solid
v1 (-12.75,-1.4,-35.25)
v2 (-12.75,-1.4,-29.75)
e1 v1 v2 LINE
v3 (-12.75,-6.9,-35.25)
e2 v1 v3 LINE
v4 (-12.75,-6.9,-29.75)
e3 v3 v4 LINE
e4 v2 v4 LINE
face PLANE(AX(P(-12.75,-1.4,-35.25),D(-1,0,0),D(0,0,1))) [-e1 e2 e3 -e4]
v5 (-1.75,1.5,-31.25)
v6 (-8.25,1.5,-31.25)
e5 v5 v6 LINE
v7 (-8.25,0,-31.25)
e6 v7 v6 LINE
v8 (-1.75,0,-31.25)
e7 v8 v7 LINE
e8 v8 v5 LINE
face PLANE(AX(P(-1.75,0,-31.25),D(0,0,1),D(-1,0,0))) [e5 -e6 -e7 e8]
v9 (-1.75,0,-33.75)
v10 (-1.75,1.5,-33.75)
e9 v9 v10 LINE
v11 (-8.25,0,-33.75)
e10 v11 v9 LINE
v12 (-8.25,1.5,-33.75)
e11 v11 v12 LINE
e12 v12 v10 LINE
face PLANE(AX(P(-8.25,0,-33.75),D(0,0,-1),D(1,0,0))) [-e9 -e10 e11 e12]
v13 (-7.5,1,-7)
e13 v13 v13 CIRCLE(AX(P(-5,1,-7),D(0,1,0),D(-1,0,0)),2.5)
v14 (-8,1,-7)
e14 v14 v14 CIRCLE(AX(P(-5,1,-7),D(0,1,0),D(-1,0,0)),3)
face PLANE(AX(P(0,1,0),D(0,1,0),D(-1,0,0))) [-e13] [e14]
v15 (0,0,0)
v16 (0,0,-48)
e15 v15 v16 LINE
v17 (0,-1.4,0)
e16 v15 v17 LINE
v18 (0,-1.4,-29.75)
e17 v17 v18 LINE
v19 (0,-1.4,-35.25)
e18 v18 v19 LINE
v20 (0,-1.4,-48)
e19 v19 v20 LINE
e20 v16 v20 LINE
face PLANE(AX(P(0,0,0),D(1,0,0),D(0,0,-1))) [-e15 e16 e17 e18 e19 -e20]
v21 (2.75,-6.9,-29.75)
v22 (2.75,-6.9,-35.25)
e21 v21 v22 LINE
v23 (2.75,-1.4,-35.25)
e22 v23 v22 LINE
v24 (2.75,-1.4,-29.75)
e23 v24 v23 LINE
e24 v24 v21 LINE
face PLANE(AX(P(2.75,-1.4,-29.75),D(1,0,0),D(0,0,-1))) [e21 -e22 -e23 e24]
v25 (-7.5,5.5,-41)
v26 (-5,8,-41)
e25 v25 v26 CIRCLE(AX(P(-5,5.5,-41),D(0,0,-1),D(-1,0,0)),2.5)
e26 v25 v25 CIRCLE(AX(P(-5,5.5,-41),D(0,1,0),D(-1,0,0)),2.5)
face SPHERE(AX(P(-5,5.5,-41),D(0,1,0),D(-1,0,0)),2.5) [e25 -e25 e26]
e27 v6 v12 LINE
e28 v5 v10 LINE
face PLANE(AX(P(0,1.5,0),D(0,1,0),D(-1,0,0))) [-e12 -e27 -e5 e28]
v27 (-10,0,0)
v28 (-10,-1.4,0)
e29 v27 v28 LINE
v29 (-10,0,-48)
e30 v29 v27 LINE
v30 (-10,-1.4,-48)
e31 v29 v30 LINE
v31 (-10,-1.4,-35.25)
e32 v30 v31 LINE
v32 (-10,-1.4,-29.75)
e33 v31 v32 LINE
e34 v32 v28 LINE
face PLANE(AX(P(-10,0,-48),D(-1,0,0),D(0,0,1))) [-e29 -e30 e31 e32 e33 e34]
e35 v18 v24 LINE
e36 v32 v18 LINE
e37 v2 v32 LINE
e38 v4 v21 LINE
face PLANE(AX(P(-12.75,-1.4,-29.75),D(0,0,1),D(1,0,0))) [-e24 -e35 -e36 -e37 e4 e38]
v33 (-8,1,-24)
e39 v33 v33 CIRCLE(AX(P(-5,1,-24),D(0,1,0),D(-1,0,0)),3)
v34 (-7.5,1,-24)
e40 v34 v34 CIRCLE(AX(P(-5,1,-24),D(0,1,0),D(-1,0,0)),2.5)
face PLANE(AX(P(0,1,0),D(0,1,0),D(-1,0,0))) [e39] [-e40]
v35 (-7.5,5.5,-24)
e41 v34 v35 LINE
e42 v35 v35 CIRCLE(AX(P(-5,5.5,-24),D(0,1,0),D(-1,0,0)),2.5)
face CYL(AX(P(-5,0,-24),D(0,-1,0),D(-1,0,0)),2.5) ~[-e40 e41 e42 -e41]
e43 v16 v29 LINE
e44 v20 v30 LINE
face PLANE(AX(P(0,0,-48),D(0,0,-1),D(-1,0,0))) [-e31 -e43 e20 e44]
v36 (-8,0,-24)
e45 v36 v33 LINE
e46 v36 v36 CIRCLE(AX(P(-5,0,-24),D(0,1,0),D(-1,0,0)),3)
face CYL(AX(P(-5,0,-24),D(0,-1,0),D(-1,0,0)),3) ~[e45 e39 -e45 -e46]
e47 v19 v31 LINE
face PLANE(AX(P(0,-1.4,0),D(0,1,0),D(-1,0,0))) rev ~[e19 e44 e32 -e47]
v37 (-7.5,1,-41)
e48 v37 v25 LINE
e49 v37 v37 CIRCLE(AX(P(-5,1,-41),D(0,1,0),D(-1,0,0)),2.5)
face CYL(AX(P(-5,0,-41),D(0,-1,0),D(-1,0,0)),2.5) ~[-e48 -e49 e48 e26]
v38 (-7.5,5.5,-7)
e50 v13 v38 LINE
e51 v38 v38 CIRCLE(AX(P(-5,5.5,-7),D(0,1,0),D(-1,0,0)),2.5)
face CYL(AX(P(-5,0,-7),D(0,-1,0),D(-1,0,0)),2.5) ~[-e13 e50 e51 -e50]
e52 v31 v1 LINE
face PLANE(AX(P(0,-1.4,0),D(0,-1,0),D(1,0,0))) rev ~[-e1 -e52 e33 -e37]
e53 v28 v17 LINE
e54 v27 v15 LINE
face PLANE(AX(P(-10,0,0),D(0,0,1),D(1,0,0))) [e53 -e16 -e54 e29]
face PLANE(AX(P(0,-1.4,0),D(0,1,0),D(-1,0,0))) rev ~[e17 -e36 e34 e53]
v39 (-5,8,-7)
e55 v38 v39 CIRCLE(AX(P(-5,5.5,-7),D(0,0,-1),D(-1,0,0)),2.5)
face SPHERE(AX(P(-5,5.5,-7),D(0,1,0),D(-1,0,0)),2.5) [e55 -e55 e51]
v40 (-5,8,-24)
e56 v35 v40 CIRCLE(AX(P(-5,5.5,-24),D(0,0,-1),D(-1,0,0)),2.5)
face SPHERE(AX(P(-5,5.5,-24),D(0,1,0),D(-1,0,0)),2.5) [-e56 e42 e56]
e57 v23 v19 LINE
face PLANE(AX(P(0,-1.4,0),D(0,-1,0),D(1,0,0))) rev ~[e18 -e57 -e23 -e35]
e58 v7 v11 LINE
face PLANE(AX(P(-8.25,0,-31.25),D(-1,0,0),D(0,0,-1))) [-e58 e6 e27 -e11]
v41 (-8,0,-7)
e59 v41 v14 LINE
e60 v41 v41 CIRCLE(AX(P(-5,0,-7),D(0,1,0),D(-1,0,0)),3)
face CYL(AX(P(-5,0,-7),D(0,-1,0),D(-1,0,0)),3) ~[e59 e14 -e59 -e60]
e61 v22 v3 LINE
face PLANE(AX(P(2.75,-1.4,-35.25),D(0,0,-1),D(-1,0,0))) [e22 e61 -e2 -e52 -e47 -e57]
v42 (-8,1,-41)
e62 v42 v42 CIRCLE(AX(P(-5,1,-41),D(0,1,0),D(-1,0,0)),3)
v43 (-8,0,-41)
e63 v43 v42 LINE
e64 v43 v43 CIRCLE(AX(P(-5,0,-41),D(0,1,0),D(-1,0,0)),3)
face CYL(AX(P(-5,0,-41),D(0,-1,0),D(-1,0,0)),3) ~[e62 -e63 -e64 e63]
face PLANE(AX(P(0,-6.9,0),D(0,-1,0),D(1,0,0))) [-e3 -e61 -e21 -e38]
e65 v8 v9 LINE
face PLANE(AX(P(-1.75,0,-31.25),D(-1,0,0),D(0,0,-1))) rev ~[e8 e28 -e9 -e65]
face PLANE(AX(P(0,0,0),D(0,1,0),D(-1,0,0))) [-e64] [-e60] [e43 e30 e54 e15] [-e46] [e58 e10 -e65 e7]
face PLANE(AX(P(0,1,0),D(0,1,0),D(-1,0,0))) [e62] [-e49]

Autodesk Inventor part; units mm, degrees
ref_plane "YZ Plane" through (0, 0, 0) normal (1, 0, 0) x (0, 1, 0)
ref_plane "XZ Plane" through (0, 0, 0) normal (0, 1, 0) x (-1, 0, 0)
ref_plane "XY Plane" through (0, 0, 0) normal (0, 0, 1) x (1, 0, 0)
sketch "Sketch1" plane through (0, 0, 0) normal (0, 1, 0) x (-1, 0, 0)
  line L0 (10, 0) -> (0, 0)
  line L1 (0, 0) -> (0, -48)
  line L2 (0, -48) -> (10, -48)
  line L3 (10, -48) -> (10, 0)
  circle A0 centre (5, -7) radius 2.5
  circle A1 centre (5, -24) radius 2.5
  circle A2 centre (5, -41) radius 2.5
  circle A3 centre (5, -7) radius 3
  circle A4 centre (5, -24) radius 3
  circle A5 centre (5, -41) radius 3
  line L4 (5, -16) -> (5, -46.75) construction
  line L5 (8.25, -33.75) -> (1.75, -33.75)
  line L6 (1.75, -31.25) -> (8.25, -31.25)
  line L7 (6.1849, -32.5) -> (1.6849, -32.5) construction
  line L8 (8.25, -31.25) -> (8.25, -33.75)
  line L9 (1.75, -31.25) -> (1.75, -33.75)
  dimension "d0" = 48
  dimension "d1" = 10
  dimension "d4" = 5
  dimension "d24" = 6
  dimension "d48" = 7
  dimension "d49" = 24
  dimension "d50" = 41
  dimension "d51" = 2.5
  dimension "d52" = 15.5
  dimension "d53" = 6.5
extrude "Extrusion1" add sketch "Sketch1" against normal blind 1.4 contours L3 L2 L1 L0 | A0 | A1 | A2 | A3 | A4 | A5 | L5 L9 L6 L8
extrude "Extrusion5" add sketch "Sketch1" along normal blind 8 contours A0
extrude "Extrusion6" add sketch "Sketch1" along normal blind 1 contours A3
fillet "Fillet4" radius 2.5 1 edges at (-2.5, 8, -7)
extrude "Extrusion7" add sketch "Sketch1" along normal blind 1 contours A4
extrude "Extrusion8" add sketch "Sketch1" along normal blind 8 contours A1
fillet "Fillet5" radius 2.5 1 edges at (-2.5, 8, -24)
extrude "Extrusion9" add sketch "Sketch1" along normal blind 8 contours A2
extrude "Extrusion10" add sketch "Sketch1" along normal blind 1 contours A5
fillet "Fillet6" radius 2.5 1 edges at (-2.5, 8, -41)
sketch "Sketch2" plane through (-5, 8, -24) normal (0, 1, 0) x (1, 0, 0)
  point P0 (0, 0)
sketch "Sketch3" plane through (0, -1.4, 0) normal (0, -1, 0) x (1, 0, 0)
  line L0 (-5, -16) -> (-5, -46.75) construction
  line L1 (-6.1849, -32.5) -> (-1.6849, -32.5) construction
  line L2 (-12.75, -29.75) -> (2.75, -29.75)
  line L3 (2.75, -29.75) -> (2.75, -35.25)
  line L4 (2.75, -35.25) -> (-12.75, -35.25)
  line L5 (-12.75, -35.25) -> (-12.75, -29.75)
  point P0 (0, 0)
  dimension "d56" = 15.5
  dimension "d57" = 5.5
extrude "Extrusion12" add sketch "Sketch3" along normal blind 5.5
extrude "Extrusion13" add sketch "Sketch1" along normal blind 1.5 contours L5 L9 L6 L8
properties part number "Led_Board_V1"
